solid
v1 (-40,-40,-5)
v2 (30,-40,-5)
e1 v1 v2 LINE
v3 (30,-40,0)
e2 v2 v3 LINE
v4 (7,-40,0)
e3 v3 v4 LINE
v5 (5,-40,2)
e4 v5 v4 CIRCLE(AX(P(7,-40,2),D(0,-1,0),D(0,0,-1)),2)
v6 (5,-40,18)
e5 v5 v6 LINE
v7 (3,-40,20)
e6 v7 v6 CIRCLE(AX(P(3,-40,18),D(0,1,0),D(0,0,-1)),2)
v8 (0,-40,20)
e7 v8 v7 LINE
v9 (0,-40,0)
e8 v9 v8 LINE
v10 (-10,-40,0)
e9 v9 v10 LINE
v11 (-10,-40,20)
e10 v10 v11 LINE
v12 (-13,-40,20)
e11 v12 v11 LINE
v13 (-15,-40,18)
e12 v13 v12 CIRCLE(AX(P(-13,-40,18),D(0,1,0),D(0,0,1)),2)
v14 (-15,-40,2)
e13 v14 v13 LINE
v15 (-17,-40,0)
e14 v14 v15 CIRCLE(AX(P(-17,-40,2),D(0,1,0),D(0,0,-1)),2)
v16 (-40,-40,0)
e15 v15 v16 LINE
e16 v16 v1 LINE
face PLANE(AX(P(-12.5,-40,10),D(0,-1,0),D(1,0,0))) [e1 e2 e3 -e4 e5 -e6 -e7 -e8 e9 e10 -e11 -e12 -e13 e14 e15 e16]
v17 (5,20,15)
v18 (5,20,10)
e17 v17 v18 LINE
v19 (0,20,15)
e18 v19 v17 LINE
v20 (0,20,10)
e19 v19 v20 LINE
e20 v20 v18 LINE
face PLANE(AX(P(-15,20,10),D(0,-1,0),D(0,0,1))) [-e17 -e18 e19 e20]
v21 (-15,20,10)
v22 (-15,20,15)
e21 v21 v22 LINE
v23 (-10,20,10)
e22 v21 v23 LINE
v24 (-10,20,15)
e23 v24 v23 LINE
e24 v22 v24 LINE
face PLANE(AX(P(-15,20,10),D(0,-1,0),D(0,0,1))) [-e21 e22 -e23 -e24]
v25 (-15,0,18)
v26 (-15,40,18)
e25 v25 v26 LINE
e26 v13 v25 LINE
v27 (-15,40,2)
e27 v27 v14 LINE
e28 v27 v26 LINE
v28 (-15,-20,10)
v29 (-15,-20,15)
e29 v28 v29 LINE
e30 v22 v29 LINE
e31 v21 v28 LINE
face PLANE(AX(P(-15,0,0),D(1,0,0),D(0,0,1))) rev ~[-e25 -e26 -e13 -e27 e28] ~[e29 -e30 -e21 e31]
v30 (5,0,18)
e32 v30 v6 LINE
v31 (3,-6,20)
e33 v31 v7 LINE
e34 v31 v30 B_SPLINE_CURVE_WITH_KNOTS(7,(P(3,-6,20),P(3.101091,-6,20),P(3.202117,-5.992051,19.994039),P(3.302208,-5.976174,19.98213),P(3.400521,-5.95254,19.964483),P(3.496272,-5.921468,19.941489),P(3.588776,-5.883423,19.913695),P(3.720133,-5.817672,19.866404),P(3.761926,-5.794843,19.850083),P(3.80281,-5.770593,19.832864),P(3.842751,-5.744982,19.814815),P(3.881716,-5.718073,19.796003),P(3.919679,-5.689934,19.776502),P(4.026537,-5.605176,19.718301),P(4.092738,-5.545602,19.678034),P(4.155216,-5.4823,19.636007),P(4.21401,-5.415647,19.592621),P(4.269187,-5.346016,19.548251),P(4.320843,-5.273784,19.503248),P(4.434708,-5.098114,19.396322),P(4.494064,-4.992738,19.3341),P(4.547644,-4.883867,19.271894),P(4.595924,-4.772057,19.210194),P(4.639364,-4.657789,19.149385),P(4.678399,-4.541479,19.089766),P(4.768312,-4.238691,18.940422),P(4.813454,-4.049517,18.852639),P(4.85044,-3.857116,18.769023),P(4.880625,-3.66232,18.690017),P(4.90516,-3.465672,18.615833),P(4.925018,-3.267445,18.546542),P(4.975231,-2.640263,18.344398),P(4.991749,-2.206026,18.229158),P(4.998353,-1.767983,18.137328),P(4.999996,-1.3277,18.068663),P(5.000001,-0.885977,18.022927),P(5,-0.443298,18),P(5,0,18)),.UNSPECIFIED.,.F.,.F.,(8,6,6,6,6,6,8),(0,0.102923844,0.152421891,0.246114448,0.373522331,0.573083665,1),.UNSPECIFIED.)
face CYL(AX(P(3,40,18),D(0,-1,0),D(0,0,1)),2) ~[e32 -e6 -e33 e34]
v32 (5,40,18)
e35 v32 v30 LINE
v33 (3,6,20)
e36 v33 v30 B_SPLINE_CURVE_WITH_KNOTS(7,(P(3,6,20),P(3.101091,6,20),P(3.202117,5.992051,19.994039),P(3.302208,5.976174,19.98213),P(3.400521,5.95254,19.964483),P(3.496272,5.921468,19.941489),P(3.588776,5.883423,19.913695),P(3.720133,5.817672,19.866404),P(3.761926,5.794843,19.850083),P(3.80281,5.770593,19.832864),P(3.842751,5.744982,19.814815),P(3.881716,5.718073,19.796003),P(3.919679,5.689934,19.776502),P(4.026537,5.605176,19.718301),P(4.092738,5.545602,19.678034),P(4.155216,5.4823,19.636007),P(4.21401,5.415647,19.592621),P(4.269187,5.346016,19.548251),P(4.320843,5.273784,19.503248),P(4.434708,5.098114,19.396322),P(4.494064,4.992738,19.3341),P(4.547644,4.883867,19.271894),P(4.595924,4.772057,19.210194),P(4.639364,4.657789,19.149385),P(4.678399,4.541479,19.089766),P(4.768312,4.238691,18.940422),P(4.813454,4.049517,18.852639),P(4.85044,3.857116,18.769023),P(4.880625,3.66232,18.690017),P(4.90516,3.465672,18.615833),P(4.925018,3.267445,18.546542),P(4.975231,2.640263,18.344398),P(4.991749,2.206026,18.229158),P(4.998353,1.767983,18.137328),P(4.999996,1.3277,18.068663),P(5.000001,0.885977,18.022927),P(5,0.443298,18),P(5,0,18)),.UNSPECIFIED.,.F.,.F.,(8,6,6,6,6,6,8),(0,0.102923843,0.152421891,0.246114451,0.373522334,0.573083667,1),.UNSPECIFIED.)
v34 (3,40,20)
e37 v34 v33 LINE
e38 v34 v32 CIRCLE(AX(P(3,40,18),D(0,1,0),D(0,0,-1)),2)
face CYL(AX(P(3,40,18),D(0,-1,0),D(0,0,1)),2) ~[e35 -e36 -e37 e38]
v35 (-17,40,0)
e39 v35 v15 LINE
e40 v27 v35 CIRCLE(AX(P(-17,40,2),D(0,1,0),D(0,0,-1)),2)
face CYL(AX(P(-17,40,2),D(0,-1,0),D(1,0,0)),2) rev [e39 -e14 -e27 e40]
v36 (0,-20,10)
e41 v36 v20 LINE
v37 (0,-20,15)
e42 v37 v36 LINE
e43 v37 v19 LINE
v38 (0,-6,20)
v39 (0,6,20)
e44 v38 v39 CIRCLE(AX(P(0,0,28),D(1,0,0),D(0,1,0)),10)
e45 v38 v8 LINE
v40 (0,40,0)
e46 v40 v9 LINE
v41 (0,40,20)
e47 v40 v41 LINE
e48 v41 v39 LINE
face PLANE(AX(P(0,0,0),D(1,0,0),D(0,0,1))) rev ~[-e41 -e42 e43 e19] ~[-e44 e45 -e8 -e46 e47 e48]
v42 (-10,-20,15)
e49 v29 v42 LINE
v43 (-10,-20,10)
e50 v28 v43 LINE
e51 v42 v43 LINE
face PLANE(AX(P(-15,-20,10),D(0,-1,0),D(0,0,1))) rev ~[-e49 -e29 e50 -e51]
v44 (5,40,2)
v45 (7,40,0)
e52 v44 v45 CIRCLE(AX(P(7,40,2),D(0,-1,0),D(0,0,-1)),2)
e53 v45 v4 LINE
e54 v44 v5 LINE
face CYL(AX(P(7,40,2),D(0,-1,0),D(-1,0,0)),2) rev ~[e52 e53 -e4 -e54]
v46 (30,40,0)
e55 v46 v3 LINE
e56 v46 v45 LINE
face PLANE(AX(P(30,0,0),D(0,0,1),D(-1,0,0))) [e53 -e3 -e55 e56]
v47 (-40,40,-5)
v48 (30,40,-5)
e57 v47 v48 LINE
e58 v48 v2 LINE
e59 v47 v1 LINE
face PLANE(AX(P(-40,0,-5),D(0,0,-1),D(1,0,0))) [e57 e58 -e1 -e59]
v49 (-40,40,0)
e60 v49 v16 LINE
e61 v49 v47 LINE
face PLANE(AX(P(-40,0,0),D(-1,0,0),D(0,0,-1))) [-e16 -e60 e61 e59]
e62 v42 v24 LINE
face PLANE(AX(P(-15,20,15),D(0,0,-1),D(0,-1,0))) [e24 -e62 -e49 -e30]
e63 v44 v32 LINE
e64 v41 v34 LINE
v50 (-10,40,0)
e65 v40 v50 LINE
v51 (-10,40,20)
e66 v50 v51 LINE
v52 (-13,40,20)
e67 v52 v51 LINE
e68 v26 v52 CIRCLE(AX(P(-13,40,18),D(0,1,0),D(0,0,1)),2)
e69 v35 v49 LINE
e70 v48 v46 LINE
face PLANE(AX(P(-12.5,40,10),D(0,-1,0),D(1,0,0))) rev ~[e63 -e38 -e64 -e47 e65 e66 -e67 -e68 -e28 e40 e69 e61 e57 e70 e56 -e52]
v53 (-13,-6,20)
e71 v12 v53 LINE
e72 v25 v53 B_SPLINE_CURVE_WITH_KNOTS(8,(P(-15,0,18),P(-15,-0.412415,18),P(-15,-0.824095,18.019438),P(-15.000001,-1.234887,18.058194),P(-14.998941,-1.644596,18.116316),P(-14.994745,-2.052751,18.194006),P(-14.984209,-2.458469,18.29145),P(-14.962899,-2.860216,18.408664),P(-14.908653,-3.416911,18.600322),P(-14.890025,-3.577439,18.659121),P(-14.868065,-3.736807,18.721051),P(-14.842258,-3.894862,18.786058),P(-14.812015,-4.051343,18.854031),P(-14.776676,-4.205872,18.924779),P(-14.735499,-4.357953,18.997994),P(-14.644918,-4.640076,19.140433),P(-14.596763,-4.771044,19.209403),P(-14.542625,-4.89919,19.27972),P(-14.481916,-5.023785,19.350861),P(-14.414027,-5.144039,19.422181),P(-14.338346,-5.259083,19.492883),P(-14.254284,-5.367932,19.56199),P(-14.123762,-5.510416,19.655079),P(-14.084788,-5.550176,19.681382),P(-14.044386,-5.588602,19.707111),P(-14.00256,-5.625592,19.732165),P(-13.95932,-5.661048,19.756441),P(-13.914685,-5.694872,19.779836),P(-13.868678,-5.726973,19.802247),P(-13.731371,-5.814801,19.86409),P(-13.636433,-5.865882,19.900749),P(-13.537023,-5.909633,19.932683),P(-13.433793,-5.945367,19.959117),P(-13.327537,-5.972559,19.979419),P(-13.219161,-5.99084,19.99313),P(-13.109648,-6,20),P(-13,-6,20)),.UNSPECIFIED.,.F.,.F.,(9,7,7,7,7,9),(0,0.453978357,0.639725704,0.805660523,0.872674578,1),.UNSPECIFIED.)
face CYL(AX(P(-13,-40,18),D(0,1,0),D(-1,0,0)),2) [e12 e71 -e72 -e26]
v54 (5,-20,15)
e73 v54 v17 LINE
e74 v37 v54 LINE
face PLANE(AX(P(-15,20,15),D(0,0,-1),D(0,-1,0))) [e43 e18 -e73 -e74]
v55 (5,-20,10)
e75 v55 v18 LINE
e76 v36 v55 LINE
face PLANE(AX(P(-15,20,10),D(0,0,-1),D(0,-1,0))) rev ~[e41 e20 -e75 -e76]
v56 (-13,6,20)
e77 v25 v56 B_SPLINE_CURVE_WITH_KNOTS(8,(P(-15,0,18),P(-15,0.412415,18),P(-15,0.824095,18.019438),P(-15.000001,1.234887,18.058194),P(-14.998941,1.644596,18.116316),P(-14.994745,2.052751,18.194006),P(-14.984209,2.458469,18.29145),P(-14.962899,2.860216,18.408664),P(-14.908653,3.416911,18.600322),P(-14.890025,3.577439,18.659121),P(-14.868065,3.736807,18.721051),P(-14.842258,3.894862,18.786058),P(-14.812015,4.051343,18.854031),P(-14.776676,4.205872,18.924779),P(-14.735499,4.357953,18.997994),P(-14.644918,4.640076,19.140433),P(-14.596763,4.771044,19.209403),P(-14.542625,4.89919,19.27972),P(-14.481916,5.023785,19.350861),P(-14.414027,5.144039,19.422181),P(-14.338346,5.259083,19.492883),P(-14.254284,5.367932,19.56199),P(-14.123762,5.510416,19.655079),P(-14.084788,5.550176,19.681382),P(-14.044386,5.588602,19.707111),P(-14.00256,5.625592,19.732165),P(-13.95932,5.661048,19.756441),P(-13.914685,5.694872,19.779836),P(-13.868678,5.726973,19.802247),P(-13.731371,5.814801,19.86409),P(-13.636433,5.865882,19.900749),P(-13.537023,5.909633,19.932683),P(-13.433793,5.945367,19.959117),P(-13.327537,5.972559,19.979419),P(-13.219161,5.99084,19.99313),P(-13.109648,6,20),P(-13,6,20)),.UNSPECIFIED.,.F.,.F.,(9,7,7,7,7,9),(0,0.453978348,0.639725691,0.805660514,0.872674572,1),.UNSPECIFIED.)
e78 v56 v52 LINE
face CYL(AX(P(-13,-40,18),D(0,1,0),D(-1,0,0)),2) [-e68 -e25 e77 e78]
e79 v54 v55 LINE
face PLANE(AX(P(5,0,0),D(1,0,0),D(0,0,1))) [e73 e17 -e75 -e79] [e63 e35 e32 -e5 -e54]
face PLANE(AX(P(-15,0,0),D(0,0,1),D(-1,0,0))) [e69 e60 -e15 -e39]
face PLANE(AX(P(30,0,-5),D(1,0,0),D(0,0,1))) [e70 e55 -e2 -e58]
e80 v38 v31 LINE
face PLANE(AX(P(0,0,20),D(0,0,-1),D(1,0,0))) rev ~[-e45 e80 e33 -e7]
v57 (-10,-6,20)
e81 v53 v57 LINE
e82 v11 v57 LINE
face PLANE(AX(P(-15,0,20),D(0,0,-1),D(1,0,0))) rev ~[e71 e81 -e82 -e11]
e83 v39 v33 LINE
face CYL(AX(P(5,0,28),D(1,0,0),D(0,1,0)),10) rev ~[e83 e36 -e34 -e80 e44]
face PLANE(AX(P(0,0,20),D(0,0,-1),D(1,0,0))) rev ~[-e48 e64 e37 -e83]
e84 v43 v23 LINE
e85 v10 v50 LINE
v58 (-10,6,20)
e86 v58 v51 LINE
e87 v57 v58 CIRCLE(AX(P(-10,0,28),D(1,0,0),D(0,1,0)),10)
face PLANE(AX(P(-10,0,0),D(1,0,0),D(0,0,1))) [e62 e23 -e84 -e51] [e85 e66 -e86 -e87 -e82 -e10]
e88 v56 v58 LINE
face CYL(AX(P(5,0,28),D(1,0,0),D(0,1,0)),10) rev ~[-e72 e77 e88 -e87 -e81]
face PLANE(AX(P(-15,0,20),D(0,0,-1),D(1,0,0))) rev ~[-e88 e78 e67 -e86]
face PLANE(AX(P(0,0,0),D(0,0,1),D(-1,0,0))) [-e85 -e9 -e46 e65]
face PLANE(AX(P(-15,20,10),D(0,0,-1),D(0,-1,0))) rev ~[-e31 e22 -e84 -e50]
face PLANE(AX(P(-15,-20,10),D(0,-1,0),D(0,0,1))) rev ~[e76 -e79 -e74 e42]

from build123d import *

# Parameters (mm, degrees)
F0_W     = 5
F0_H     = 20
F1_DEPTH = 40
F2_R     = 2
F3_R     = 2
F4_W     = 40
F4_H     = 5
F5_DEPTH = 25
F6_R     = 10
F7_DEPTH = 25


with BuildPart() as f1:
    # F0 (on Front) → F1 (new body, symmetric)
    with BuildSketch(Plane.XZ):
        with Locations((-12.5, 10)):
            Rectangle(F0_W, F0_H)
        Polygon((0, 0), (-10, 0), (-15, 0), (-40, 0), (-40, -5), (0, -5), align=None)
        with Locations((2.5, 10)):
            Rectangle(F0_W, F0_H)
        Polygon((5, 0), (0, 0), (0, -5), (30, -5), (30, 0), align=None)
    extrude(amount=F1_DEPTH, both=True)

    # F2
    f2_edges = [f1.edges().sort_by_distance(p)[0] for p in [
        (5, 0, 0),
        (-15, 0, 0),
    ]]
    fillet(f2_edges, radius=F2_R)

    # F3
    f3_edges = [f1.edges().sort_by_distance(p)[0] for p in [
        (-15, 0, 20),
        (5, 0, 20),
    ]]
    fillet(f3_edges, radius=F3_R)

    # F4 (on face) → F5 (cut)
    with BuildSketch(Plane(origin=(-15, 0, 0), x_dir=(0, -1, 0), z_dir=(-1, 0, 0))):
        with Locations((0, 12.5)):
            Rectangle(F4_W, F4_H)
    extrude(amount=-F5_DEPTH, mode=Mode.SUBTRACT)

    # F6 (on face) → F7 (cut)
    with BuildSketch(Plane.YZ.offset(5)):
        with Locations((0, 28)):
            Circle(F6_R)
    extrude(amount=-F7_DEPTH, mode=Mode.SUBTRACT)


solid = f1.part
